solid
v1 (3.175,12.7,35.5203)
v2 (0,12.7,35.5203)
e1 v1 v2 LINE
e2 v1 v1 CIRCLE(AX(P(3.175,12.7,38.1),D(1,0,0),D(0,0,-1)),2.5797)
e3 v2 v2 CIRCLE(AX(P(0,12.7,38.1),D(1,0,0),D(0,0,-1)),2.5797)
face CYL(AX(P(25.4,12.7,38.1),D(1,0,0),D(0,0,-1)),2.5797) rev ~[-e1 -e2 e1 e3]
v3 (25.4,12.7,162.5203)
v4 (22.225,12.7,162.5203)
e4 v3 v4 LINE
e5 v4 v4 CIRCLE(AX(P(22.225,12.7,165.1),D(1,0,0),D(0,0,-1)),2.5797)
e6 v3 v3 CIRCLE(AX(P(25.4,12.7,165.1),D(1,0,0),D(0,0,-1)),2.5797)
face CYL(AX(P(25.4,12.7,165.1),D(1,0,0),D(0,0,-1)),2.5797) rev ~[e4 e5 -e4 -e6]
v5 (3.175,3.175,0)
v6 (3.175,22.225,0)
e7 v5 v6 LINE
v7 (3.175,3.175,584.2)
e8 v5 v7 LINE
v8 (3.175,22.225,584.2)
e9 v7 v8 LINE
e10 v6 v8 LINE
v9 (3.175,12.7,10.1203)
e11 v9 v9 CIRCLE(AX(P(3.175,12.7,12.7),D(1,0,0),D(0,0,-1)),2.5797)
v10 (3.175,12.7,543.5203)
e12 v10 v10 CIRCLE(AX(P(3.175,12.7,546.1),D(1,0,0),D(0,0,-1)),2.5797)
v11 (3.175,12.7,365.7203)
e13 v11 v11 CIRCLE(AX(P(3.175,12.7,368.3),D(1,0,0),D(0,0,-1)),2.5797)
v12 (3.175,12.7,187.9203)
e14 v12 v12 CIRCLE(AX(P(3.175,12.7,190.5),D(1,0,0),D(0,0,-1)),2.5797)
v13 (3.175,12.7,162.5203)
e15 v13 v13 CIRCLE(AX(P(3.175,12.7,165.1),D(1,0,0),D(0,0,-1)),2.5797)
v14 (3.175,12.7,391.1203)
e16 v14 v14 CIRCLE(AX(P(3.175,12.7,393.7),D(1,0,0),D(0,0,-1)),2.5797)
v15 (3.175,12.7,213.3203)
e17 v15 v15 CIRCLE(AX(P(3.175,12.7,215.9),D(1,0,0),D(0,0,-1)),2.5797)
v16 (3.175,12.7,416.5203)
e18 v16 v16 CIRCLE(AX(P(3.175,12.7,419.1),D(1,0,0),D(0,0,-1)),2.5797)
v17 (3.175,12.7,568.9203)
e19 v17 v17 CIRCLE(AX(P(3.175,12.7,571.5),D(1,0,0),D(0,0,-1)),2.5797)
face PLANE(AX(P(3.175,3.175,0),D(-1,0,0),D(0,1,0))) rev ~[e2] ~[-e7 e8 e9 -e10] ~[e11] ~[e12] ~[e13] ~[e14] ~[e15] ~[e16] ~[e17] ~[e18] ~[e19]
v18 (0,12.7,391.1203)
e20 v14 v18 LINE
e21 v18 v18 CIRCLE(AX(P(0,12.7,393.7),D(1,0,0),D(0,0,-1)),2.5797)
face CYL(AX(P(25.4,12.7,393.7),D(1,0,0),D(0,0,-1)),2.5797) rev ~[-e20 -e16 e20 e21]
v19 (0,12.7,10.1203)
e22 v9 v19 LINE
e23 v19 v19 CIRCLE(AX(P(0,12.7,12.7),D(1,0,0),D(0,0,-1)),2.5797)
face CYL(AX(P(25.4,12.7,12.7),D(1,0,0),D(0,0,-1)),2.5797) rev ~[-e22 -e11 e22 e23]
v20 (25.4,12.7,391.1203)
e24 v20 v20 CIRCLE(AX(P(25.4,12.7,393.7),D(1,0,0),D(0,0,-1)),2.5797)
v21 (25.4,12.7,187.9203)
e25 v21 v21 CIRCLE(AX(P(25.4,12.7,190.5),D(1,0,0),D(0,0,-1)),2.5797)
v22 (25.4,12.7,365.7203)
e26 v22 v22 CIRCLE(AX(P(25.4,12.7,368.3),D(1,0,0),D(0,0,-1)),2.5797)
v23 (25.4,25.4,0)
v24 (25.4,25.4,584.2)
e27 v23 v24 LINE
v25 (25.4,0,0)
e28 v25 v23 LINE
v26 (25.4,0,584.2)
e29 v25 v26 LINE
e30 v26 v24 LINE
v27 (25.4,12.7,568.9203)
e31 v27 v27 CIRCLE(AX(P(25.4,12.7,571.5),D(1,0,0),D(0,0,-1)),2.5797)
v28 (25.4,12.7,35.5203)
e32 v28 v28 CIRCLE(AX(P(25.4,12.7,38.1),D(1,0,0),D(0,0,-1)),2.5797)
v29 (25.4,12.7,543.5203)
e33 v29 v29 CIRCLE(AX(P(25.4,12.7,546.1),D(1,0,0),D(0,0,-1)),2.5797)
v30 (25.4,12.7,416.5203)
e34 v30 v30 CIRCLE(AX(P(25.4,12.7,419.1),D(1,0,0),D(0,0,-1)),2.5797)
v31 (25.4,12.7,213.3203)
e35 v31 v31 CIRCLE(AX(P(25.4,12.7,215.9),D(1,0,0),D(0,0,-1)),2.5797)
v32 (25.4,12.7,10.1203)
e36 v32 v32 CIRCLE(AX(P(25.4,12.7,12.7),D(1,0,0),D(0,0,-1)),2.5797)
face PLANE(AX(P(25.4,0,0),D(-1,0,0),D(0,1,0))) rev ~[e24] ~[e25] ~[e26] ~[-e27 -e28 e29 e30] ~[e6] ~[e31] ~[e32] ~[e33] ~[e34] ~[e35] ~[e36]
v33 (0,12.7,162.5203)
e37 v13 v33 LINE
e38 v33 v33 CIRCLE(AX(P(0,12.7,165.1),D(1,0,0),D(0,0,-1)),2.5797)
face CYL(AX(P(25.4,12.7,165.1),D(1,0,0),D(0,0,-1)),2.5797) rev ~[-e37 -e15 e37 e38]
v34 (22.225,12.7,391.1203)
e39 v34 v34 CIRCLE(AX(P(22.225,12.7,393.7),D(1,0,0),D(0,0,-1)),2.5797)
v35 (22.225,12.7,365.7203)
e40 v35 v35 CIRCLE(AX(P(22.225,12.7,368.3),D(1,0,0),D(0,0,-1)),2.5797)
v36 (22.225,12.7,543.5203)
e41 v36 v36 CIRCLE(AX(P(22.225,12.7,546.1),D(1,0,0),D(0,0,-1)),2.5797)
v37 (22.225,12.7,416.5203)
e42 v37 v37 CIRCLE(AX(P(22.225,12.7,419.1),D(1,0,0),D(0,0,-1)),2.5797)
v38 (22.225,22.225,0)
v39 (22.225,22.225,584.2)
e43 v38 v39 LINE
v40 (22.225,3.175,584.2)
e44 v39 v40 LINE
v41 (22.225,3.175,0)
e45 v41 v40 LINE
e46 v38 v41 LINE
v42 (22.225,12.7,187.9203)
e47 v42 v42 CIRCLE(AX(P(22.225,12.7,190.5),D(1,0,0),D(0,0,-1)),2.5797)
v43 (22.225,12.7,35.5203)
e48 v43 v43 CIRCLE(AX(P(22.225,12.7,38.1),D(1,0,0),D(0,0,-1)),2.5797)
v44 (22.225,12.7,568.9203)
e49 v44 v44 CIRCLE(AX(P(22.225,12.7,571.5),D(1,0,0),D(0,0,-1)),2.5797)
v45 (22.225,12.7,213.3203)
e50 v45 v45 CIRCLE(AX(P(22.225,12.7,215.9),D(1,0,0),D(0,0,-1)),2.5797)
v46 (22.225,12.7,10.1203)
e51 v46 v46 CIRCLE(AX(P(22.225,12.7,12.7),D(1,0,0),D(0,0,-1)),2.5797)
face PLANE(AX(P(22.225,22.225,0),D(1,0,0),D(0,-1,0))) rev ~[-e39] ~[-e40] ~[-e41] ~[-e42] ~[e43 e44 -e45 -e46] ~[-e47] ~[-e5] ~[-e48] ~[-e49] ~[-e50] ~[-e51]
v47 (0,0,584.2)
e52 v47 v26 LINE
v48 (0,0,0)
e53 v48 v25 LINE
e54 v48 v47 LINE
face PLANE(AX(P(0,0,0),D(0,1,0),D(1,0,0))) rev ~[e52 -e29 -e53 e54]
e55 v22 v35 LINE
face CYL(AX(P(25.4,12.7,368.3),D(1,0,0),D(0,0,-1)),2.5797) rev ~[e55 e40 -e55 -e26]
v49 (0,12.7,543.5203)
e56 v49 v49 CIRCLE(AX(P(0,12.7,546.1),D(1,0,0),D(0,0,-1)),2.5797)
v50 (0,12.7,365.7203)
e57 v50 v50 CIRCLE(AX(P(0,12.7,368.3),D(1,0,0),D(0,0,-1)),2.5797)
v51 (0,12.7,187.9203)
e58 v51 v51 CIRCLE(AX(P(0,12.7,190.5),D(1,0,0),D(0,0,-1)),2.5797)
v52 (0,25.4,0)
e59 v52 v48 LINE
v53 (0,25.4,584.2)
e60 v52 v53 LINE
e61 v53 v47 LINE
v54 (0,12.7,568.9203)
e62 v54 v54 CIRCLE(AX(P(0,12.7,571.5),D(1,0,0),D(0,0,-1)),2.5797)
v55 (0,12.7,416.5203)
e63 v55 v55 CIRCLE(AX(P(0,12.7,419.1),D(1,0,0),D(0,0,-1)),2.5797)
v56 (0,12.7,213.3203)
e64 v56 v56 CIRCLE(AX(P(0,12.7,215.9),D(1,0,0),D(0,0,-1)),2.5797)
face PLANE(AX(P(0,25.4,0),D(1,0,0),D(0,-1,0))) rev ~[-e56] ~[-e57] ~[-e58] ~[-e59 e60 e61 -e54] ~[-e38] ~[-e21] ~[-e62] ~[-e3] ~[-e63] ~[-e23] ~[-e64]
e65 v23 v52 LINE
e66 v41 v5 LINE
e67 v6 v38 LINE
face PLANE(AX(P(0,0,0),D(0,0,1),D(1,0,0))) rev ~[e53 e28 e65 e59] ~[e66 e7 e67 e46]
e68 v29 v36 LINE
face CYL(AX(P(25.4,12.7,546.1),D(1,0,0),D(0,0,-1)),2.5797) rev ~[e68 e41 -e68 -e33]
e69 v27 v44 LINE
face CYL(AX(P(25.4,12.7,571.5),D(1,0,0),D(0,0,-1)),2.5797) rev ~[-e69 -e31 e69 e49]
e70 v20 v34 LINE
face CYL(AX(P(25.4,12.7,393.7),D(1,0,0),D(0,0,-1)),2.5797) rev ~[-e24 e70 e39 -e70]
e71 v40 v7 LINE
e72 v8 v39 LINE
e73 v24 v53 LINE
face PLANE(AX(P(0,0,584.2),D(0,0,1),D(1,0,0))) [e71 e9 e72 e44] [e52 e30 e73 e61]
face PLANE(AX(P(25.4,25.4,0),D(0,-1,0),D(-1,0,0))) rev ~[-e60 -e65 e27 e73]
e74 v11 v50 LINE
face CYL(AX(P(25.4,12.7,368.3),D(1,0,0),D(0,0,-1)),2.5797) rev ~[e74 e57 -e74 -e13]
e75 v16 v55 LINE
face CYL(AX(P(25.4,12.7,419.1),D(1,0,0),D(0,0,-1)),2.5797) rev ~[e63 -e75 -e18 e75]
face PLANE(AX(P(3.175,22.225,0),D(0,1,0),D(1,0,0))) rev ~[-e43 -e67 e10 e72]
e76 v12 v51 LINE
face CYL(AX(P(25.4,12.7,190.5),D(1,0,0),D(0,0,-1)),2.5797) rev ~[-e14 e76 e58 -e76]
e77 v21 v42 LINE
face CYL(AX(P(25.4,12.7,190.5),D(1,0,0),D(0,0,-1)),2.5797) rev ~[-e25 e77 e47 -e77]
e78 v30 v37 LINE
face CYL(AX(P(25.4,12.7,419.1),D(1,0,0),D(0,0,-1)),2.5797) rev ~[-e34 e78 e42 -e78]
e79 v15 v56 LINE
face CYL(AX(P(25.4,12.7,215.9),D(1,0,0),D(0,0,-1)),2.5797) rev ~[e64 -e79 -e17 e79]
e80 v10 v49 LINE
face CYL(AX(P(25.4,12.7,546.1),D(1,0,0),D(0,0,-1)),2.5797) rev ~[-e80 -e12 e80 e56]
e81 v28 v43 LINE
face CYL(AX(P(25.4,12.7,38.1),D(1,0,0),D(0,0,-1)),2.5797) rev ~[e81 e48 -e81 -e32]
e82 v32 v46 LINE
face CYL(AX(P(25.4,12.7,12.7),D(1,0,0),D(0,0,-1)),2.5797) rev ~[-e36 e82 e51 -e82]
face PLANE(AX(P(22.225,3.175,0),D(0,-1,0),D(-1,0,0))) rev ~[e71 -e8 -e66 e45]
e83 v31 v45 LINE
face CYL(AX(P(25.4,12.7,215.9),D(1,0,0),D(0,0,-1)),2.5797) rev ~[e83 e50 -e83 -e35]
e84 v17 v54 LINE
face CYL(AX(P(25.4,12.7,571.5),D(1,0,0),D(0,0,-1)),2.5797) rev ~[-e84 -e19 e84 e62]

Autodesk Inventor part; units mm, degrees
ref_plane "YZ Plane" through (0, 0, 0) normal (1, 0, 0) x (0, 1, 0)
ref_plane "XZ Plane" through (0, 0, 0) normal (0, 1, 0) x (-1, 0, 0)
ref_plane "XY Plane" through (0, 0, 0) normal (0, 0, 1) x (1, 0, 0)
sketch "Sketch1" plane through (0, 0, 0) normal (0, 0, 1) x (1, 0, 0)
  line L0 (0, 0) -> (25.4, 0)
  line L1 (25.4, 0) -> (25.4, 25.4)
  line L2 (25.4, 25.4) -> (0, 25.4)
  line L3 (0, 25.4) -> (0, 0)
  line L4 (3.175, 22.225) -> (22.225, 22.225)
  line L5 (22.225, 22.225) -> (22.225, 3.175)
  line L6 (22.225, 3.175) -> (3.175, 3.175)
  line L7 (3.175, 3.175) -> (3.175, 22.225)
  dimension "d0" = 25.4
  dimension "d1" = 25.4
  dimension "d2" = 3.175
extrude "Extrusion1" add sketch "Sketch1" along normal blind 584.2
sketch "Sketch2" plane through (25.4, 0, 0) normal (1, 0, 0) x (0, 0, -1)
  line L0 (0, 3.175) -> (0, 22.225) construction
  line L1 (0, 12.7) -> (-12.7, 12.7) construction
  line L2 (-12.7, 12.7) -> (-38.1, 12.7) construction
  line L3 (-584.2, 22.225) -> (-584.2, 3.175) construction
  line L4 (-584.2, 12.7) -> (-571.5, 12.7) construction
  line L5 (-571.5, 12.7) -> (-546.1, 12.7) construction
  circle A0 centre (-571.5, 12.7) radius 2.5797
  circle A1 centre (-546.1, 12.7) radius 2.5797
  circle A2 centre (-38.1, 12.7) radius 2.5797
  circle A3 centre (-12.7, 12.7) radius 2.5797
  point P0 (0, 0)
  dimension "d5" = 12.7
  dimension "d6" = 25.4
  dimension "d7" = 12.7
  dimension "d8" = 25.4
  dimension "d9" = 5.1594
  dimension "d18" = 5.1594
  dimension "d19" = 5.1594
  dimension "d20" = 5.1594
extrude "Extrusion2" cut sketch "Sketch2" against normal blind 584.2
sketch "Sketch3" plane through (25.4, 0, 0) normal (1, 0, 0) x (0, 0, -1)
  line L0 (-584.2, 22.225) -> (-584.2, 3.175) construction
  line L1 (-584.2, 12.7) -> (-393.7, 12.7) construction
  circle A0 centre (-393.7, 12.7) radius 2.5797
  line L2 (-393.7, 12.7) -> (-419.1, 12.7) construction
  line L3 (-419.1, 12.7) -> (-368.3, 12.7) construction
  circle A1 centre (-419.1, 12.7) radius 2.5797
  circle A2 centre (-368.3, 12.7) radius 2.5797
  line L4 (0, 25.4) -> (-584.2, 25.4) construction
  line L5 (-292.1, 25.4) -> (-292.1, 0) construction
  circle A3 centre (-190.5, 12.7) radius 2.5797
  circle A4 centre (-165.1, 12.7) radius 2.5797
  circle A5 centre (-215.9, 12.7) radius 2.5797
  point P0 (0, 0)
  dimension "d12" = 190.5
  dimension "d13" = 5.1594
  dimension "d14" = 25.4
  dimension "d15" = 50.8
extrude "Extrusion3" cut sketch "Sketch3" against normal blind 584.2
properties part number "1x1 23in"
